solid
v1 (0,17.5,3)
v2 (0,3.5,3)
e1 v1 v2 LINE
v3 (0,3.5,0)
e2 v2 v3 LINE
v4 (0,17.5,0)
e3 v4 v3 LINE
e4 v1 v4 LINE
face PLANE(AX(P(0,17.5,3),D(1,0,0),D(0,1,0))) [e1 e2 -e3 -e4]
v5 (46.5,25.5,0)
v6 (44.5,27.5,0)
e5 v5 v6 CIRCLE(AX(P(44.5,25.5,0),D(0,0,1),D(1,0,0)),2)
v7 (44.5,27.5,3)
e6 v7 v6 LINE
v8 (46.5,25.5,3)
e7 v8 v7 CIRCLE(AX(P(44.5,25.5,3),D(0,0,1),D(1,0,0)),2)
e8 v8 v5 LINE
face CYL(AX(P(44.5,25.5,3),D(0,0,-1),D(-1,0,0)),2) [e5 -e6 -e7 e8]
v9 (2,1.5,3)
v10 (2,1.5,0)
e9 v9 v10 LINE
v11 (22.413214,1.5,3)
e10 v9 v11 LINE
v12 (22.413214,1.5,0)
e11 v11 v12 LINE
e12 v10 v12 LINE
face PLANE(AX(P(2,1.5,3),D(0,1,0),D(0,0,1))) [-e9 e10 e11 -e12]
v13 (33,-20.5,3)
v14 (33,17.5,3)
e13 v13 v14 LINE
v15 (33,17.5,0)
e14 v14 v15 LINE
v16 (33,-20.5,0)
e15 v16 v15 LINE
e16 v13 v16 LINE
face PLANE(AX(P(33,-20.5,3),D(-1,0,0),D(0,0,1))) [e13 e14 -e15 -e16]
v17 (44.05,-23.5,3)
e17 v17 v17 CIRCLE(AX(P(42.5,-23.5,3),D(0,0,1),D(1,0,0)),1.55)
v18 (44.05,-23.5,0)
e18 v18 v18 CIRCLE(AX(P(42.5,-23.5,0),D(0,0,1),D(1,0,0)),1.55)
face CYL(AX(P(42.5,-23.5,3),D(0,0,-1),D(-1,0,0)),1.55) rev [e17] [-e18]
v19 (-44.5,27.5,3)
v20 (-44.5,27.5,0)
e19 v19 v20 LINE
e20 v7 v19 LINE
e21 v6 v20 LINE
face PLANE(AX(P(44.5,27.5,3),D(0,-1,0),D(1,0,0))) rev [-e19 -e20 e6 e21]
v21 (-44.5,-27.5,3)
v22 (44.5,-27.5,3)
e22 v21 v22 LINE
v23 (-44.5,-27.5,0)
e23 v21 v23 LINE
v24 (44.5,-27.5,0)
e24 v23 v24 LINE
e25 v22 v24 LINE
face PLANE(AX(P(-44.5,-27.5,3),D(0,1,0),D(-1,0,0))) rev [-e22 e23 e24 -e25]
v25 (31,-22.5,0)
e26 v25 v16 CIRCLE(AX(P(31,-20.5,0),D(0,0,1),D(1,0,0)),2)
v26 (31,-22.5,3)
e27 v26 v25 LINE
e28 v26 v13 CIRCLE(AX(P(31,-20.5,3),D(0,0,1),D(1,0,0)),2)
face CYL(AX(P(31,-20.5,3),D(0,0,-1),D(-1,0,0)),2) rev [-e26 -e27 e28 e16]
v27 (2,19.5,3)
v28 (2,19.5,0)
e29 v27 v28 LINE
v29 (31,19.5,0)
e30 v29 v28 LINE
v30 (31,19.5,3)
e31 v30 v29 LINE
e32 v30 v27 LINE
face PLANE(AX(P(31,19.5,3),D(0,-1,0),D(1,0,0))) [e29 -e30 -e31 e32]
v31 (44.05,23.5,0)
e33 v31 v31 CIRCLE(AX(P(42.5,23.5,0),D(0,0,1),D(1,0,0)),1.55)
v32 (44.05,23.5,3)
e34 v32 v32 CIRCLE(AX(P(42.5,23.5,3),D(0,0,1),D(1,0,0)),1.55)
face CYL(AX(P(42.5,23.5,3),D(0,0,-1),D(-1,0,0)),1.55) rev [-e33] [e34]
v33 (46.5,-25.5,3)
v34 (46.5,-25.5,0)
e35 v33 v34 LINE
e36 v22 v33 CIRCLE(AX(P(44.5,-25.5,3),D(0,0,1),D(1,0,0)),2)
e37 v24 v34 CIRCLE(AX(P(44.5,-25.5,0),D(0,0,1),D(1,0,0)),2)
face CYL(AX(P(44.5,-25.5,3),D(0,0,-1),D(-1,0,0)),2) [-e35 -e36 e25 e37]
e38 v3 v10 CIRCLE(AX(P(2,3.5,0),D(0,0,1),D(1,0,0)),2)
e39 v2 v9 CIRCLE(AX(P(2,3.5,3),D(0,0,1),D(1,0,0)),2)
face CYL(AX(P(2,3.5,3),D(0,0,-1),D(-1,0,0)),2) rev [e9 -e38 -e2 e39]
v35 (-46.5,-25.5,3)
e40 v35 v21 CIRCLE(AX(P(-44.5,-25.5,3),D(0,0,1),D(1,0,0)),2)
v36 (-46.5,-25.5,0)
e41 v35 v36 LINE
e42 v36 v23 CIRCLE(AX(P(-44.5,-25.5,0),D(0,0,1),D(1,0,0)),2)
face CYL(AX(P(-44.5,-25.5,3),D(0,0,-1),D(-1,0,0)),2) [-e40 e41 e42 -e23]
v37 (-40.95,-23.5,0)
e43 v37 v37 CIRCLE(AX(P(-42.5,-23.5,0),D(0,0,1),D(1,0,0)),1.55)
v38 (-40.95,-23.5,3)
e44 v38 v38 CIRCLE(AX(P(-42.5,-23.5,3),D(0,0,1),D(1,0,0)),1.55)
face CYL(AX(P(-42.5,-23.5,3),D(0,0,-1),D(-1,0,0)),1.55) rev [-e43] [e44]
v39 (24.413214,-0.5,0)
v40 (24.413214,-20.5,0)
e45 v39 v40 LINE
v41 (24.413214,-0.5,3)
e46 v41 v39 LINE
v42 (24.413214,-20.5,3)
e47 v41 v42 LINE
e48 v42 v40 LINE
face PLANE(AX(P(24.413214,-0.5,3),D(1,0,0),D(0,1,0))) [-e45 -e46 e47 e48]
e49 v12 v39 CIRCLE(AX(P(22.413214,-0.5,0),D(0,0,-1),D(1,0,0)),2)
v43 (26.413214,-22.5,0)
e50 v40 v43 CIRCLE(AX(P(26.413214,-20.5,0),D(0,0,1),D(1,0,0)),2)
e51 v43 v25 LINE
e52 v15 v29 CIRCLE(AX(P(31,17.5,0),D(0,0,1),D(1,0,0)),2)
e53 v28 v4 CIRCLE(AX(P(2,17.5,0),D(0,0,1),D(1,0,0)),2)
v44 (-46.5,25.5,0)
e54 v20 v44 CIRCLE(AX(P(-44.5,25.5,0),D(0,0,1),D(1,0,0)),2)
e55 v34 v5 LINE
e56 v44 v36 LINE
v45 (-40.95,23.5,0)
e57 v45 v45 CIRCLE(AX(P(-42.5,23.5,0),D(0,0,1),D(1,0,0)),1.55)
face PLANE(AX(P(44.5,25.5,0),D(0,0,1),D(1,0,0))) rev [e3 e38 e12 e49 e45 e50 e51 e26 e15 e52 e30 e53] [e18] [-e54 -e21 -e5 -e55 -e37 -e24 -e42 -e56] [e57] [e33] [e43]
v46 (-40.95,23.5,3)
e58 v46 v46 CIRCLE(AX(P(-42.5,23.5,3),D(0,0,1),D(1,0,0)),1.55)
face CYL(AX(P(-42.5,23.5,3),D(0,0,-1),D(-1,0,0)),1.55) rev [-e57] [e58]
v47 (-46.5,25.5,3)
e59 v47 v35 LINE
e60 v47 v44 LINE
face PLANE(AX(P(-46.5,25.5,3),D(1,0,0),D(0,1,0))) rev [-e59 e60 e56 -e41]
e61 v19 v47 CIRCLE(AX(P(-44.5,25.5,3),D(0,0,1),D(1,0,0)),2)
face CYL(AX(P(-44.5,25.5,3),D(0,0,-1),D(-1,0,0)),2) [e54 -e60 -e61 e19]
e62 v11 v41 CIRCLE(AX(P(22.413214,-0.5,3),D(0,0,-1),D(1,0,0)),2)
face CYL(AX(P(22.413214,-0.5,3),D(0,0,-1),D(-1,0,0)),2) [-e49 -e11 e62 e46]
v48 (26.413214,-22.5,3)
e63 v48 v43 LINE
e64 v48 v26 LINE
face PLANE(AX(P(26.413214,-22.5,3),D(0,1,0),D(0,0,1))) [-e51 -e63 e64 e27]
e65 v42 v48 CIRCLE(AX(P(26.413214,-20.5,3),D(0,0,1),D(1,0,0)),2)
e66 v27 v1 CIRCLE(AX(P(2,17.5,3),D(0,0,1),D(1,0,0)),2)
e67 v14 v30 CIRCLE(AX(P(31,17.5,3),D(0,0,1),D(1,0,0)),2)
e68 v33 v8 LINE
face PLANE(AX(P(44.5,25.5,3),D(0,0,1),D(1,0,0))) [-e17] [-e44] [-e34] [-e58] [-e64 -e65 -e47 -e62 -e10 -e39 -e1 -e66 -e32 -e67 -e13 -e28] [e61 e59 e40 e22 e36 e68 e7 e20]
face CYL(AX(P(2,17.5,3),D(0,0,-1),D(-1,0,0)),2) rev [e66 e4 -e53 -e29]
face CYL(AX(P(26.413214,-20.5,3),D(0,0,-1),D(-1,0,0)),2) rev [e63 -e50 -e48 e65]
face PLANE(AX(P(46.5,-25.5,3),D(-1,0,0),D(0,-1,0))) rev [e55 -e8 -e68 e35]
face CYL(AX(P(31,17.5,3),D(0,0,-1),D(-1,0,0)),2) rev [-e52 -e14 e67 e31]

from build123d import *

# Parameters (mm, degrees)
ESQUISSE1_R        = 1.55
BOSS_EXTRU_1_DEPTH = 3


with BuildPart() as part:
    # Esquisse1 → Boss.-Extru.1 (new body)
    with BuildSketch(Plane.XY):
        with BuildLine():
            Line((-46.5, 25.5), (-46.5, -25.5))
            ThreePointArc((-46.5, -25.5), (-45.914213562, -26.914213562), (-44.5, -27.5))
            Line((-44.5, -27.5), (44.5, -27.5))
            ThreePointArc((44.5, -27.5), (45.914213562, -26.914213562), (46.5, -25.5))
            Line((46.5, -25.5), (46.5, 25.5))
            ThreePointArc((46.5, 25.5), (45.914213562, 26.914213562), (44.5, 27.5))
            Line((44.5, 27.5), (-44.5, 27.5))
            ThreePointArc((-44.5, 27.5), (-45.914213562, 26.914213562), (-46.5, 25.5))
        make_face()
        with Locations((-42.5, 23.5)):
            Circle(ESQUISSE1_R, mode=Mode.SUBTRACT)
        with Locations((-42.5, -23.5)):
            Circle(ESQUISSE1_R, mode=Mode.SUBTRACT)
        with Locations((42.5, 23.5)):
            Circle(ESQUISSE1_R, mode=Mode.SUBTRACT)
        with Locations((42.5, -23.5)):
            Circle(ESQUISSE1_R, mode=Mode.SUBTRACT)
        with BuildLine():
            Line((31, 19.5), (2, 19.5))
            ThreePointArc((2, 19.5), (0.585786438, 18.914213562), (0, 17.5))
            Line((0, 17.5), (0, 3.5))
            ThreePointArc((0, 3.5), (0.585786438, 2.085786438), (2, 1.5))
            Line((2, 1.5), (22.413214262, 1.5))
            ThreePointArc((22.413214262, 1.5), (23.827427824, 0.914213562), (24.413214262, -0.5))
            Line((24.413214262, -0.5), (24.413214262, -20.5))
            ThreePointArc((24.413214262, -20.5), (24.999000699, -21.914213562), (26.413214262, -22.5))
            Line((26.413214262, -22.5), (31, -22.5))
            ThreePointArc((31, -22.5), (32.414213562, -21.914213562), (33, -20.5))
            Line((33, -20.5), (33, 17.5))
            ThreePointArc((33, 17.5), (32.414213562, 18.914213562), (31, 19.5))
        make_face(mode=Mode.SUBTRACT)
    extrude(amount=BOSS_EXTRU_1_DEPTH)


solid = part.part
